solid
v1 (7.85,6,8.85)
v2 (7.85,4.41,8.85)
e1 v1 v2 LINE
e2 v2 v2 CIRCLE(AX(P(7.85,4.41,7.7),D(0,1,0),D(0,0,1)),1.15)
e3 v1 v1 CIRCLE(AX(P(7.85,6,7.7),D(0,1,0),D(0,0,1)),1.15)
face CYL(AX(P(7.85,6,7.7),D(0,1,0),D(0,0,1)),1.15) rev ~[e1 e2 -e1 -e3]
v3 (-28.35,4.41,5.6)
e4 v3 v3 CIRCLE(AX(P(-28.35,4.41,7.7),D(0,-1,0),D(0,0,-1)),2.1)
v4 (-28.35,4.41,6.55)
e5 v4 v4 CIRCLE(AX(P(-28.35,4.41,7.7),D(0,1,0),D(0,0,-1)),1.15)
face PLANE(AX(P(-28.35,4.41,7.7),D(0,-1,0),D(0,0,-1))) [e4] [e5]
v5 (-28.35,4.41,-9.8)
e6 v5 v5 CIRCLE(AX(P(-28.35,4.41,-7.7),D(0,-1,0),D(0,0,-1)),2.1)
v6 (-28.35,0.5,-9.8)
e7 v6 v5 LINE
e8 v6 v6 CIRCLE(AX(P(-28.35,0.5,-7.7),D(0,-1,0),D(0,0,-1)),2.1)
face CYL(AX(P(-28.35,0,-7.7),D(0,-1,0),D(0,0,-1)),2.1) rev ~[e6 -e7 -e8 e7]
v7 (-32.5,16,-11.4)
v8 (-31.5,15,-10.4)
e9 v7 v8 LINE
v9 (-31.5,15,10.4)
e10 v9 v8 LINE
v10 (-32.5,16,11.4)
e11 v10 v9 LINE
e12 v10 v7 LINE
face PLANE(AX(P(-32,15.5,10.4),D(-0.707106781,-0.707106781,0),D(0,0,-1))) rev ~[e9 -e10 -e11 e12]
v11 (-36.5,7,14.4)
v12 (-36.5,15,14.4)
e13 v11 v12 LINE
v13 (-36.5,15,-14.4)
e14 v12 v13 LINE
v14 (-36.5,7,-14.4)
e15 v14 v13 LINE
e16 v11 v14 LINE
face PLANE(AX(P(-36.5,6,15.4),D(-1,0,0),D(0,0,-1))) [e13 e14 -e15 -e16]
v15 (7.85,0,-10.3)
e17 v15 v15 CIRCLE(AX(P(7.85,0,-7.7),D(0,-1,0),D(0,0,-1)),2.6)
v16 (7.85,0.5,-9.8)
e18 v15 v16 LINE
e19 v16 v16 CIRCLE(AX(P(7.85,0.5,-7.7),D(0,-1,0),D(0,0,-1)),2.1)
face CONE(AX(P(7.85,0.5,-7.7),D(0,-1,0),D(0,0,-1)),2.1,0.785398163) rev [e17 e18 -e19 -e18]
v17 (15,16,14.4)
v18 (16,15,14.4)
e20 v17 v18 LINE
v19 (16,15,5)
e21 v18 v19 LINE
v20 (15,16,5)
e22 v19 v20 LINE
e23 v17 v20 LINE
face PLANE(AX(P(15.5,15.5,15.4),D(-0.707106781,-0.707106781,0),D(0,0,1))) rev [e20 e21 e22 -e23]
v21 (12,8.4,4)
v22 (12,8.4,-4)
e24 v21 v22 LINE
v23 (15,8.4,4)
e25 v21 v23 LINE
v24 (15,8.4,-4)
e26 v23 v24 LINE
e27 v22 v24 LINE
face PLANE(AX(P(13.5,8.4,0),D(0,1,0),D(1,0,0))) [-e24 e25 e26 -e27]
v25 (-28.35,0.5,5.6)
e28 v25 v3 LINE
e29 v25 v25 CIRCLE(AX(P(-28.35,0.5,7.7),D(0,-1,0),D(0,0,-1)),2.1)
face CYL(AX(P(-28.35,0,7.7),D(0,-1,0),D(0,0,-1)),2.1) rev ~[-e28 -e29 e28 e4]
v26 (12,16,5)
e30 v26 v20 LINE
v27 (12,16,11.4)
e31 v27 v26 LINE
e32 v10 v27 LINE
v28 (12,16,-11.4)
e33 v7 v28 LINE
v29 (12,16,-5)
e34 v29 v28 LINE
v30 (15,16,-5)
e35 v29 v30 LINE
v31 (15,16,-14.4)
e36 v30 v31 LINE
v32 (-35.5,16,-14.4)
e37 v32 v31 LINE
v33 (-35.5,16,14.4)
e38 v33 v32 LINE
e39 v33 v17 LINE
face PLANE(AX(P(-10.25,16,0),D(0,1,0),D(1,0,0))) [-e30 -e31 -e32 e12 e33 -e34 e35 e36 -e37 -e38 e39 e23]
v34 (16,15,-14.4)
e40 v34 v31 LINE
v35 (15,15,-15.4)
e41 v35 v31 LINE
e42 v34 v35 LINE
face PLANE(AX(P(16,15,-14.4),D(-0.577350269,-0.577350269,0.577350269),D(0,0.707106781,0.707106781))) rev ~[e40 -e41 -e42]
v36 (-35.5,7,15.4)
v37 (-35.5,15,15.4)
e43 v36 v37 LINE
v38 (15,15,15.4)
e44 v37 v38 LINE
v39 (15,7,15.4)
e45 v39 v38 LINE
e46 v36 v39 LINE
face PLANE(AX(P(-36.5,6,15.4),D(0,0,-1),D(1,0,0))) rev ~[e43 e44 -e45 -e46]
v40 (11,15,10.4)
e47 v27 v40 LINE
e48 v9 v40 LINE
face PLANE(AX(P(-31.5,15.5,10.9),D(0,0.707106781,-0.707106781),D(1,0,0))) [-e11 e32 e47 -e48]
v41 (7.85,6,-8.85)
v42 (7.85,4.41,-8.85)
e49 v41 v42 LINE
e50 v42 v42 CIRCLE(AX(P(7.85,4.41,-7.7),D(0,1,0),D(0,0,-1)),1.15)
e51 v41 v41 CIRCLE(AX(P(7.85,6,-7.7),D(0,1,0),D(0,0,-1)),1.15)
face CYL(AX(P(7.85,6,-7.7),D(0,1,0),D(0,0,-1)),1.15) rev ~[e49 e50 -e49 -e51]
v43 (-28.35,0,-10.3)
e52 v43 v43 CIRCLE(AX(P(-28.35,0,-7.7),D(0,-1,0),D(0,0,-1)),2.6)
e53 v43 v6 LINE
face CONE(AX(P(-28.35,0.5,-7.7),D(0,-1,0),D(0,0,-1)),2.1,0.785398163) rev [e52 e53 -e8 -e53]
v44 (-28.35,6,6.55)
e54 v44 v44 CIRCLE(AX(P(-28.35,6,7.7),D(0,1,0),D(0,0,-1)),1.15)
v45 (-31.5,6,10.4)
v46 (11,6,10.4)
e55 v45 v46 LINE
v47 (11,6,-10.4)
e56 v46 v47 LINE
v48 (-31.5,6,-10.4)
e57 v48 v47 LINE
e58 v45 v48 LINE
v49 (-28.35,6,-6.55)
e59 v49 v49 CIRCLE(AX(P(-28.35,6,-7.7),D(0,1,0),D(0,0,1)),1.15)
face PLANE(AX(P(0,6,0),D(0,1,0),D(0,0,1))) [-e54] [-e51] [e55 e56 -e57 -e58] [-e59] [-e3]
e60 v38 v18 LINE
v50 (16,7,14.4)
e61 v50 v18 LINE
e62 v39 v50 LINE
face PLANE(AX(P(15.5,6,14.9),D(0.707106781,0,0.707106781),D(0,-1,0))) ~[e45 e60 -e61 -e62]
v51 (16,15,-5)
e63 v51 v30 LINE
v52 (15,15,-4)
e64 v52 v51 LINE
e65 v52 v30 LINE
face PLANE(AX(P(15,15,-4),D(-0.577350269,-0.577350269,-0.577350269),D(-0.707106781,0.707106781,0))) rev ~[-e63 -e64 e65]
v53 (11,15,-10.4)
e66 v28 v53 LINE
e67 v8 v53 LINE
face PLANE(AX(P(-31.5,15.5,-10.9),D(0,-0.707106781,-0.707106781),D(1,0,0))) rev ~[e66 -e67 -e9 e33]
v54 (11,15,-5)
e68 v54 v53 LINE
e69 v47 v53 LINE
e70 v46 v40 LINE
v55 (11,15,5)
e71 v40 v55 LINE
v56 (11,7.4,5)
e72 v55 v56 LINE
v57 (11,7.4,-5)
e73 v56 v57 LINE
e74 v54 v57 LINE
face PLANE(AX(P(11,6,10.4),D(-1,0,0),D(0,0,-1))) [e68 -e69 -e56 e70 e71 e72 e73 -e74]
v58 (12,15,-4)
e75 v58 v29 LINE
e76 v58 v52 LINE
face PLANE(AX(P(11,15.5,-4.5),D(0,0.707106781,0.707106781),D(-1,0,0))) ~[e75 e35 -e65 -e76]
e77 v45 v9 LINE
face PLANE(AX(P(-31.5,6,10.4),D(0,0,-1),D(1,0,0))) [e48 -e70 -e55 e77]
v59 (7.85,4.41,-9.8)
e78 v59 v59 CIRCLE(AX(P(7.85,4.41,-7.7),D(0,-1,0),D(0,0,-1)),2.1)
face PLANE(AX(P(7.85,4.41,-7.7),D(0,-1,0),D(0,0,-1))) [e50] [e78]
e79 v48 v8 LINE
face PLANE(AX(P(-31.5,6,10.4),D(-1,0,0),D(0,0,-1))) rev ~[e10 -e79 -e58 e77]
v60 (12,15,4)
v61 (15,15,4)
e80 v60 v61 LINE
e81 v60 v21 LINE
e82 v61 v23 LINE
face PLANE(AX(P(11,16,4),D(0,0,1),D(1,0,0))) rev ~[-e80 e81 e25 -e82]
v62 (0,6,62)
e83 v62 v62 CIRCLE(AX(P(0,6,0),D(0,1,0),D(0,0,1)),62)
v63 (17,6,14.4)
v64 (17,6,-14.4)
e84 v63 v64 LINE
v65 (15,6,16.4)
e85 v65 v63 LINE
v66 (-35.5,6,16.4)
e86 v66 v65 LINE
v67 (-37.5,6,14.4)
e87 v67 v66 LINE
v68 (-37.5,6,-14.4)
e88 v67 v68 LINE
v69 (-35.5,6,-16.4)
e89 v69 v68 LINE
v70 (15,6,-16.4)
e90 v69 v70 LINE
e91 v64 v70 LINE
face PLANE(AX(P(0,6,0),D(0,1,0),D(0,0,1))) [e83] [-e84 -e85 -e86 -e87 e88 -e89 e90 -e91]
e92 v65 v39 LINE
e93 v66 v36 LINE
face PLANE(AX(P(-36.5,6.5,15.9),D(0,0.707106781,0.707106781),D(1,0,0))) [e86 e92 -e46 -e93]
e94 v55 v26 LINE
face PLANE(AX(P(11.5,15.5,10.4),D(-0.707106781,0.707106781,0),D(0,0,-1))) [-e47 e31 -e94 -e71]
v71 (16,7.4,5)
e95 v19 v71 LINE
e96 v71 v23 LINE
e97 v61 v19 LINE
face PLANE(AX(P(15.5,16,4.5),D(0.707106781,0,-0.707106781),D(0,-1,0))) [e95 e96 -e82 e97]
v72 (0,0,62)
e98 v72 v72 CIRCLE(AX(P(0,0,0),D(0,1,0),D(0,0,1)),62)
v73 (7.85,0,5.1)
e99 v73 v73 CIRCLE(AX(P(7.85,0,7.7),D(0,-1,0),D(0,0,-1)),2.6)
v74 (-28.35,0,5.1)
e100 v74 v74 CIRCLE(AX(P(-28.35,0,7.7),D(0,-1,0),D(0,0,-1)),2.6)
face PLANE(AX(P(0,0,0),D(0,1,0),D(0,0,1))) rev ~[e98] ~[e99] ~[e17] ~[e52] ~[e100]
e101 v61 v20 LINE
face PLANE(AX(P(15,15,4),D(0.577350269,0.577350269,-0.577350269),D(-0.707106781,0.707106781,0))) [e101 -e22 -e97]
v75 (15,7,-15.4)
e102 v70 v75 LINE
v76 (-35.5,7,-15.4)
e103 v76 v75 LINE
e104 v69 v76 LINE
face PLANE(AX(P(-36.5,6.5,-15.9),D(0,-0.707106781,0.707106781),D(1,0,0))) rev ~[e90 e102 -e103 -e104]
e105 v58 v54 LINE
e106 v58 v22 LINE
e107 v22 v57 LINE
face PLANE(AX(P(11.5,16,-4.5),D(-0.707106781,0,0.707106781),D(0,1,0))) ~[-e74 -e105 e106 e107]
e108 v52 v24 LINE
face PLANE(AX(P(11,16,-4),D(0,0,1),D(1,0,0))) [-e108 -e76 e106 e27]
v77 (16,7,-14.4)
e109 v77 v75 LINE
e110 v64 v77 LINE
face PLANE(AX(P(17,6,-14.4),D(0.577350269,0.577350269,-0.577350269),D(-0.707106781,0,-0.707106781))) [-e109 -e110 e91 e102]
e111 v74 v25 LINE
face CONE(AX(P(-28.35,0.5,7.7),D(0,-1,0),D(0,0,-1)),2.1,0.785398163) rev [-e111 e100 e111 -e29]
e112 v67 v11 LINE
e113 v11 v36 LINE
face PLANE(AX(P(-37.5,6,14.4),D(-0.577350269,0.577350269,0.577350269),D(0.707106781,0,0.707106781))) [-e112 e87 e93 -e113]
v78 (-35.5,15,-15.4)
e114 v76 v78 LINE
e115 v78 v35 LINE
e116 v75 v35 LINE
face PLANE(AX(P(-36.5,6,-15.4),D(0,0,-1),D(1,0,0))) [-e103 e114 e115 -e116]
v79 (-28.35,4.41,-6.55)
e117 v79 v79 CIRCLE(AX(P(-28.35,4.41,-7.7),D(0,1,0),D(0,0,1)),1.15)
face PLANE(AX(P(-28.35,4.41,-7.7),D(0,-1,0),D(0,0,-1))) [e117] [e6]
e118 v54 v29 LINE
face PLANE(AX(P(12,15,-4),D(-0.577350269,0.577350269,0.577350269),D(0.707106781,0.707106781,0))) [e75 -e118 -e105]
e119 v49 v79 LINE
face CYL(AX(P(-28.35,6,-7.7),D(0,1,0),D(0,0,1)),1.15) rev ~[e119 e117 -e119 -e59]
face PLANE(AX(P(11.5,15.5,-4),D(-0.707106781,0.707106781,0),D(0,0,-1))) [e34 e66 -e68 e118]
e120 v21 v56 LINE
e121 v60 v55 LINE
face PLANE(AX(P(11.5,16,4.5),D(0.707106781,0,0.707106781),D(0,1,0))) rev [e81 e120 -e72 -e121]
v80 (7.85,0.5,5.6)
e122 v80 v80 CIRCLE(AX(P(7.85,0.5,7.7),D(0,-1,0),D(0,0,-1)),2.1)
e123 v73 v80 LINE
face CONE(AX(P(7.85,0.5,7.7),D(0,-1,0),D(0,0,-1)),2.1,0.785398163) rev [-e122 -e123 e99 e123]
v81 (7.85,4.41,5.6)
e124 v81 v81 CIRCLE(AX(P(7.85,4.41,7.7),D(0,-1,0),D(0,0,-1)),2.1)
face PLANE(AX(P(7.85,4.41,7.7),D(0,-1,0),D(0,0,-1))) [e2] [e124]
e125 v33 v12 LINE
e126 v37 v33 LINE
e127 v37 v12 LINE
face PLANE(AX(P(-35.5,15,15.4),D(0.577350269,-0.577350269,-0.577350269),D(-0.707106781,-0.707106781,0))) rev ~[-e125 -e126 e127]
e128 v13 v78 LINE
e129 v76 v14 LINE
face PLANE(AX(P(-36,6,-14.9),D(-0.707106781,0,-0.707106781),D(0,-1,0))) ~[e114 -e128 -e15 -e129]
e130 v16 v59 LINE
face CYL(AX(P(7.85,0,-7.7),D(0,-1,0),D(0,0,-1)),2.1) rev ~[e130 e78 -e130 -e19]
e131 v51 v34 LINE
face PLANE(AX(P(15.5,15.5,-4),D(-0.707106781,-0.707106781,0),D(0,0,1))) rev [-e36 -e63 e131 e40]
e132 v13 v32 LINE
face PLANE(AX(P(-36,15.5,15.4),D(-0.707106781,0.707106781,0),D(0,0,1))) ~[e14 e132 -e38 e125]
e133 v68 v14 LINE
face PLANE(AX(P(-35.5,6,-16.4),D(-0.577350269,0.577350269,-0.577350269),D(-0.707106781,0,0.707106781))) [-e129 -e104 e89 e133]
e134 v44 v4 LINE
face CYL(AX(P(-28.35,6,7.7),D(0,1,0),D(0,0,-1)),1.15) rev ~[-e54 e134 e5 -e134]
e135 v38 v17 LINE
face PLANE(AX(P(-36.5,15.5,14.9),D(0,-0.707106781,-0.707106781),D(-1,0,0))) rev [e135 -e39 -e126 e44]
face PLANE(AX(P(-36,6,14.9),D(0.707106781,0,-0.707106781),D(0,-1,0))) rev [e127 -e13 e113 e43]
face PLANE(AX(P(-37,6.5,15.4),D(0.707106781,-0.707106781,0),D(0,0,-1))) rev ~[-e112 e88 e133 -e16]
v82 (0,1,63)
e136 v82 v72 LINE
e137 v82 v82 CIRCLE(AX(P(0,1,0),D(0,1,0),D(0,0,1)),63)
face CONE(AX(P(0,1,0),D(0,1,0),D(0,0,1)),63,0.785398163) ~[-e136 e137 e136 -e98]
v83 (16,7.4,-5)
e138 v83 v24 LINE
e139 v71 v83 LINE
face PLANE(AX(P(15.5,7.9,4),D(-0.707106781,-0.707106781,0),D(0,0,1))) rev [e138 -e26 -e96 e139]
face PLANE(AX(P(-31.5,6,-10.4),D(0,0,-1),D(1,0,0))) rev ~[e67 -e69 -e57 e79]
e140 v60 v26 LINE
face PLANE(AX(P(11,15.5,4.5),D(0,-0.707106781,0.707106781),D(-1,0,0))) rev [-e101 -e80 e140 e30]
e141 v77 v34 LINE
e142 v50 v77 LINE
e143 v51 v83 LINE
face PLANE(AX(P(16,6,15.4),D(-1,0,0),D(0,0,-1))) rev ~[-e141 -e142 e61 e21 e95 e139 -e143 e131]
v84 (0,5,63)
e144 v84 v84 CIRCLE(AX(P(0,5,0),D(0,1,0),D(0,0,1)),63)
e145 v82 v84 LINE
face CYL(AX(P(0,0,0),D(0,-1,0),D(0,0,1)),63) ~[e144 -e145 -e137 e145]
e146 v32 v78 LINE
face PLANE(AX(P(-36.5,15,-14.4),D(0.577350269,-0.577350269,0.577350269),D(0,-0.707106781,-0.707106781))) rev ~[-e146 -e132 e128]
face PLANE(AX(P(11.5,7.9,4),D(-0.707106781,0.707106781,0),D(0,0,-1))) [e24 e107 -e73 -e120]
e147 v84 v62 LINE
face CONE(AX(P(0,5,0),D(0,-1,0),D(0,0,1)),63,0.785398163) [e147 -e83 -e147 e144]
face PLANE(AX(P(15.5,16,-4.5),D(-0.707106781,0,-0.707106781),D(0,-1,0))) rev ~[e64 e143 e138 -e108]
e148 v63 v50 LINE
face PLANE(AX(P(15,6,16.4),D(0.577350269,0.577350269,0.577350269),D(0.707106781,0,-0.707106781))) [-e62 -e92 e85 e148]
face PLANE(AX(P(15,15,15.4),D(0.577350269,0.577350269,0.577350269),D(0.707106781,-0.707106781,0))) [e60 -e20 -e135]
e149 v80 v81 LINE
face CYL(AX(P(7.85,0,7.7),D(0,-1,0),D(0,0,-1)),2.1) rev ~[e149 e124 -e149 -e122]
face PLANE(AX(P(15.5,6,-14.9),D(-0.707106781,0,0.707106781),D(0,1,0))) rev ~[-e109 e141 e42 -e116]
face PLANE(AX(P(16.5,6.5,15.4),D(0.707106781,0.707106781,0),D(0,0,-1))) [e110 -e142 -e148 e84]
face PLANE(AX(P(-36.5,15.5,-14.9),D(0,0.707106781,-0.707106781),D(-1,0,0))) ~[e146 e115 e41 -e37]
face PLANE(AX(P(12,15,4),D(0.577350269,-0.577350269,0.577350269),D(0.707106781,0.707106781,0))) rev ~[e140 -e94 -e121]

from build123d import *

# Parameters (mm, degrees)
SKETCH1_R           = 63
BOSS_EXTRUDE1_DEPTH = 6
CHAMFER2_SIZE       = 1
SKETCH4_W           = 52.5
SKETCH4_H           = 30.8
SKETCH4_W_2         = 42.5
SKETCH4_H_2         = 20.8
BOSS_EXTRUDE2_DEPTH = 10
SKETCH5_W           = 5
SKETCH5_H           = 8
CUT_EXTRUDE1_DEPTH  = 7.6
SKETCH6_R           = 1.15
CUT_EXTRUDE2_DEPTH  = 90.654893899
SKETCH7_R           = 2.1
CUT_EXTRUDE3_DEPTH  = 4.41
CHAMFER3_SIZE       = 1
CHAMFER4_SIZE       = 0.5


with BuildPart() as part:
    # Sketch1 → Boss-Extrude1 (new body)
    with BuildSketch(Plane(origin=(0, 0, 0), x_dir=(1, 0, 0), z_dir=(0, 1, 0))):
        with Locations(Location((0, 0, 0), (0, 0, 270))):
            Circle(SKETCH1_R)
    extrude(amount=BOSS_EXTRUDE1_DEPTH)

    # Chamfer2
    chamfer2_edges = [part.edges().sort_by_distance(p)[0] for p in [
        (0, 0, -63),
        (0, 6, -63),
    ]]
    chamfer(chamfer2_edges, length=CHAMFER2_SIZE)

    # Sketch4 → Boss-Extrude2 (add)
    with BuildSketch(Plane(origin=(0, 6, 0), x_dir=(1, 0, 0), z_dir=(0, 1, 0))):
        with Locations((-10.25, 0)):
            Rectangle(SKETCH4_W, SKETCH4_H)
        with Locations((-10.25, 0)):
            Rectangle(SKETCH4_W_2, SKETCH4_H_2, mode=Mode.SUBTRACT)
    extrude(amount=BOSS_EXTRUDE2_DEPTH)

    # Sketch5 → Cut-Extrude1 (cut)
    with BuildSketch(Plane(origin=(0, 16, 0), x_dir=(1, 0, 0), z_dir=(0, 1, 0))):
        with Locations((13.5, 0)):
            Rectangle(SKETCH5_W, SKETCH5_H)
    extrude(amount=-CUT_EXTRUDE1_DEPTH, mode=Mode.SUBTRACT)

    # Sketch6 → Cut-Extrude2 (cut, through all)
    with BuildSketch(Plane(origin=(0, 6, 0), x_dir=(1, 0, 0), z_dir=(0, 1, 0))):
        with Locations(Location((-28.35, 7.7, 0), (0, 0, 270))):
            Circle(SKETCH6_R)
        with Locations(Location((7.85, 7.7, 0), (0, 0, 90))):
            Circle(SKETCH6_R)
        with Locations(Location((7.85, -7.7, 0), (0, 0, 270))):
            Circle(SKETCH6_R)
        with Locations(Location((-28.35, -7.7, 0), (0, 0, 90))):
            Circle(SKETCH6_R)
    extrude(amount=-CUT_EXTRUDE2_DEPTH, mode=Mode.SUBTRACT)

    # Sketch7 → Cut-Extrude3 (cut)
    with BuildSketch(Plane.XZ):
        with Locations(Location((-28.35, 7.7, 0), (0, 0, 270))):
            Circle(SKETCH7_R)
        with Locations(Location((7.85, 7.7, 0), (0, 0, 270))):
            Circle(SKETCH7_R)
        with Locations(Location((-28.35, -7.7, 0), (0, 0, 270))):
            Circle(SKETCH7_R)
        with Locations(Location((7.85, -7.7, 0), (0, 0, 270))):
            Circle(SKETCH7_R)
    extrude(amount=-CUT_EXTRUDE3_DEPTH, mode=Mode.SUBTRACT)

    # Chamfer3
    chamfer3_edges = [part.edges().sort_by_distance(p)[0] for p in [
        (16, 16, 9.7),
        (-10.25, 16, -15.4),
        (-36.5, 16, 0),
        (-10.25, 16, 15.4),
        (16, 6, 0),
        (16, 11, 15.4),
        (-10.25, 6, -15.4),
        (16, 11, -15.4),
        (-36.5, 6, 0),
        (-36.5, 11, -15.4),
        (-10.25, 6, 15.4),
        (-36.5, 11, 15.4),
        (11, 16, 7.2),
        (-10.25, 16, -10.4),
        (-31.5, 16, 0),
        (-10.25, 16, 10.4),
        (11, 16, -7.2),
        (16, 16, -9.7),
        (16, 8.4, 0),
        (16, 12.2, -4),
        (16, 12.2, 4),
        (11, 8.4, 0),
        (11, 12.2, 4),
        (11, 12.2, -4),
        (13.5, 16, -4),
        (13.5, 16, 4),
    ]]
    chamfer(chamfer3_edges, length=CHAMFER3_SIZE)

    # Chamfer4
    chamfer4_edges = [part.edges().sort_by_distance(p)[0] for p in [
        (7.85, 0, 9.8),
        (-28.35, 0, -5.6),
        (7.85, 0, -5.6),
        (-28.35, 0, 9.8),
    ]]
    chamfer(chamfer4_edges, length=CHAMFER4_SIZE)


solid = part.part
